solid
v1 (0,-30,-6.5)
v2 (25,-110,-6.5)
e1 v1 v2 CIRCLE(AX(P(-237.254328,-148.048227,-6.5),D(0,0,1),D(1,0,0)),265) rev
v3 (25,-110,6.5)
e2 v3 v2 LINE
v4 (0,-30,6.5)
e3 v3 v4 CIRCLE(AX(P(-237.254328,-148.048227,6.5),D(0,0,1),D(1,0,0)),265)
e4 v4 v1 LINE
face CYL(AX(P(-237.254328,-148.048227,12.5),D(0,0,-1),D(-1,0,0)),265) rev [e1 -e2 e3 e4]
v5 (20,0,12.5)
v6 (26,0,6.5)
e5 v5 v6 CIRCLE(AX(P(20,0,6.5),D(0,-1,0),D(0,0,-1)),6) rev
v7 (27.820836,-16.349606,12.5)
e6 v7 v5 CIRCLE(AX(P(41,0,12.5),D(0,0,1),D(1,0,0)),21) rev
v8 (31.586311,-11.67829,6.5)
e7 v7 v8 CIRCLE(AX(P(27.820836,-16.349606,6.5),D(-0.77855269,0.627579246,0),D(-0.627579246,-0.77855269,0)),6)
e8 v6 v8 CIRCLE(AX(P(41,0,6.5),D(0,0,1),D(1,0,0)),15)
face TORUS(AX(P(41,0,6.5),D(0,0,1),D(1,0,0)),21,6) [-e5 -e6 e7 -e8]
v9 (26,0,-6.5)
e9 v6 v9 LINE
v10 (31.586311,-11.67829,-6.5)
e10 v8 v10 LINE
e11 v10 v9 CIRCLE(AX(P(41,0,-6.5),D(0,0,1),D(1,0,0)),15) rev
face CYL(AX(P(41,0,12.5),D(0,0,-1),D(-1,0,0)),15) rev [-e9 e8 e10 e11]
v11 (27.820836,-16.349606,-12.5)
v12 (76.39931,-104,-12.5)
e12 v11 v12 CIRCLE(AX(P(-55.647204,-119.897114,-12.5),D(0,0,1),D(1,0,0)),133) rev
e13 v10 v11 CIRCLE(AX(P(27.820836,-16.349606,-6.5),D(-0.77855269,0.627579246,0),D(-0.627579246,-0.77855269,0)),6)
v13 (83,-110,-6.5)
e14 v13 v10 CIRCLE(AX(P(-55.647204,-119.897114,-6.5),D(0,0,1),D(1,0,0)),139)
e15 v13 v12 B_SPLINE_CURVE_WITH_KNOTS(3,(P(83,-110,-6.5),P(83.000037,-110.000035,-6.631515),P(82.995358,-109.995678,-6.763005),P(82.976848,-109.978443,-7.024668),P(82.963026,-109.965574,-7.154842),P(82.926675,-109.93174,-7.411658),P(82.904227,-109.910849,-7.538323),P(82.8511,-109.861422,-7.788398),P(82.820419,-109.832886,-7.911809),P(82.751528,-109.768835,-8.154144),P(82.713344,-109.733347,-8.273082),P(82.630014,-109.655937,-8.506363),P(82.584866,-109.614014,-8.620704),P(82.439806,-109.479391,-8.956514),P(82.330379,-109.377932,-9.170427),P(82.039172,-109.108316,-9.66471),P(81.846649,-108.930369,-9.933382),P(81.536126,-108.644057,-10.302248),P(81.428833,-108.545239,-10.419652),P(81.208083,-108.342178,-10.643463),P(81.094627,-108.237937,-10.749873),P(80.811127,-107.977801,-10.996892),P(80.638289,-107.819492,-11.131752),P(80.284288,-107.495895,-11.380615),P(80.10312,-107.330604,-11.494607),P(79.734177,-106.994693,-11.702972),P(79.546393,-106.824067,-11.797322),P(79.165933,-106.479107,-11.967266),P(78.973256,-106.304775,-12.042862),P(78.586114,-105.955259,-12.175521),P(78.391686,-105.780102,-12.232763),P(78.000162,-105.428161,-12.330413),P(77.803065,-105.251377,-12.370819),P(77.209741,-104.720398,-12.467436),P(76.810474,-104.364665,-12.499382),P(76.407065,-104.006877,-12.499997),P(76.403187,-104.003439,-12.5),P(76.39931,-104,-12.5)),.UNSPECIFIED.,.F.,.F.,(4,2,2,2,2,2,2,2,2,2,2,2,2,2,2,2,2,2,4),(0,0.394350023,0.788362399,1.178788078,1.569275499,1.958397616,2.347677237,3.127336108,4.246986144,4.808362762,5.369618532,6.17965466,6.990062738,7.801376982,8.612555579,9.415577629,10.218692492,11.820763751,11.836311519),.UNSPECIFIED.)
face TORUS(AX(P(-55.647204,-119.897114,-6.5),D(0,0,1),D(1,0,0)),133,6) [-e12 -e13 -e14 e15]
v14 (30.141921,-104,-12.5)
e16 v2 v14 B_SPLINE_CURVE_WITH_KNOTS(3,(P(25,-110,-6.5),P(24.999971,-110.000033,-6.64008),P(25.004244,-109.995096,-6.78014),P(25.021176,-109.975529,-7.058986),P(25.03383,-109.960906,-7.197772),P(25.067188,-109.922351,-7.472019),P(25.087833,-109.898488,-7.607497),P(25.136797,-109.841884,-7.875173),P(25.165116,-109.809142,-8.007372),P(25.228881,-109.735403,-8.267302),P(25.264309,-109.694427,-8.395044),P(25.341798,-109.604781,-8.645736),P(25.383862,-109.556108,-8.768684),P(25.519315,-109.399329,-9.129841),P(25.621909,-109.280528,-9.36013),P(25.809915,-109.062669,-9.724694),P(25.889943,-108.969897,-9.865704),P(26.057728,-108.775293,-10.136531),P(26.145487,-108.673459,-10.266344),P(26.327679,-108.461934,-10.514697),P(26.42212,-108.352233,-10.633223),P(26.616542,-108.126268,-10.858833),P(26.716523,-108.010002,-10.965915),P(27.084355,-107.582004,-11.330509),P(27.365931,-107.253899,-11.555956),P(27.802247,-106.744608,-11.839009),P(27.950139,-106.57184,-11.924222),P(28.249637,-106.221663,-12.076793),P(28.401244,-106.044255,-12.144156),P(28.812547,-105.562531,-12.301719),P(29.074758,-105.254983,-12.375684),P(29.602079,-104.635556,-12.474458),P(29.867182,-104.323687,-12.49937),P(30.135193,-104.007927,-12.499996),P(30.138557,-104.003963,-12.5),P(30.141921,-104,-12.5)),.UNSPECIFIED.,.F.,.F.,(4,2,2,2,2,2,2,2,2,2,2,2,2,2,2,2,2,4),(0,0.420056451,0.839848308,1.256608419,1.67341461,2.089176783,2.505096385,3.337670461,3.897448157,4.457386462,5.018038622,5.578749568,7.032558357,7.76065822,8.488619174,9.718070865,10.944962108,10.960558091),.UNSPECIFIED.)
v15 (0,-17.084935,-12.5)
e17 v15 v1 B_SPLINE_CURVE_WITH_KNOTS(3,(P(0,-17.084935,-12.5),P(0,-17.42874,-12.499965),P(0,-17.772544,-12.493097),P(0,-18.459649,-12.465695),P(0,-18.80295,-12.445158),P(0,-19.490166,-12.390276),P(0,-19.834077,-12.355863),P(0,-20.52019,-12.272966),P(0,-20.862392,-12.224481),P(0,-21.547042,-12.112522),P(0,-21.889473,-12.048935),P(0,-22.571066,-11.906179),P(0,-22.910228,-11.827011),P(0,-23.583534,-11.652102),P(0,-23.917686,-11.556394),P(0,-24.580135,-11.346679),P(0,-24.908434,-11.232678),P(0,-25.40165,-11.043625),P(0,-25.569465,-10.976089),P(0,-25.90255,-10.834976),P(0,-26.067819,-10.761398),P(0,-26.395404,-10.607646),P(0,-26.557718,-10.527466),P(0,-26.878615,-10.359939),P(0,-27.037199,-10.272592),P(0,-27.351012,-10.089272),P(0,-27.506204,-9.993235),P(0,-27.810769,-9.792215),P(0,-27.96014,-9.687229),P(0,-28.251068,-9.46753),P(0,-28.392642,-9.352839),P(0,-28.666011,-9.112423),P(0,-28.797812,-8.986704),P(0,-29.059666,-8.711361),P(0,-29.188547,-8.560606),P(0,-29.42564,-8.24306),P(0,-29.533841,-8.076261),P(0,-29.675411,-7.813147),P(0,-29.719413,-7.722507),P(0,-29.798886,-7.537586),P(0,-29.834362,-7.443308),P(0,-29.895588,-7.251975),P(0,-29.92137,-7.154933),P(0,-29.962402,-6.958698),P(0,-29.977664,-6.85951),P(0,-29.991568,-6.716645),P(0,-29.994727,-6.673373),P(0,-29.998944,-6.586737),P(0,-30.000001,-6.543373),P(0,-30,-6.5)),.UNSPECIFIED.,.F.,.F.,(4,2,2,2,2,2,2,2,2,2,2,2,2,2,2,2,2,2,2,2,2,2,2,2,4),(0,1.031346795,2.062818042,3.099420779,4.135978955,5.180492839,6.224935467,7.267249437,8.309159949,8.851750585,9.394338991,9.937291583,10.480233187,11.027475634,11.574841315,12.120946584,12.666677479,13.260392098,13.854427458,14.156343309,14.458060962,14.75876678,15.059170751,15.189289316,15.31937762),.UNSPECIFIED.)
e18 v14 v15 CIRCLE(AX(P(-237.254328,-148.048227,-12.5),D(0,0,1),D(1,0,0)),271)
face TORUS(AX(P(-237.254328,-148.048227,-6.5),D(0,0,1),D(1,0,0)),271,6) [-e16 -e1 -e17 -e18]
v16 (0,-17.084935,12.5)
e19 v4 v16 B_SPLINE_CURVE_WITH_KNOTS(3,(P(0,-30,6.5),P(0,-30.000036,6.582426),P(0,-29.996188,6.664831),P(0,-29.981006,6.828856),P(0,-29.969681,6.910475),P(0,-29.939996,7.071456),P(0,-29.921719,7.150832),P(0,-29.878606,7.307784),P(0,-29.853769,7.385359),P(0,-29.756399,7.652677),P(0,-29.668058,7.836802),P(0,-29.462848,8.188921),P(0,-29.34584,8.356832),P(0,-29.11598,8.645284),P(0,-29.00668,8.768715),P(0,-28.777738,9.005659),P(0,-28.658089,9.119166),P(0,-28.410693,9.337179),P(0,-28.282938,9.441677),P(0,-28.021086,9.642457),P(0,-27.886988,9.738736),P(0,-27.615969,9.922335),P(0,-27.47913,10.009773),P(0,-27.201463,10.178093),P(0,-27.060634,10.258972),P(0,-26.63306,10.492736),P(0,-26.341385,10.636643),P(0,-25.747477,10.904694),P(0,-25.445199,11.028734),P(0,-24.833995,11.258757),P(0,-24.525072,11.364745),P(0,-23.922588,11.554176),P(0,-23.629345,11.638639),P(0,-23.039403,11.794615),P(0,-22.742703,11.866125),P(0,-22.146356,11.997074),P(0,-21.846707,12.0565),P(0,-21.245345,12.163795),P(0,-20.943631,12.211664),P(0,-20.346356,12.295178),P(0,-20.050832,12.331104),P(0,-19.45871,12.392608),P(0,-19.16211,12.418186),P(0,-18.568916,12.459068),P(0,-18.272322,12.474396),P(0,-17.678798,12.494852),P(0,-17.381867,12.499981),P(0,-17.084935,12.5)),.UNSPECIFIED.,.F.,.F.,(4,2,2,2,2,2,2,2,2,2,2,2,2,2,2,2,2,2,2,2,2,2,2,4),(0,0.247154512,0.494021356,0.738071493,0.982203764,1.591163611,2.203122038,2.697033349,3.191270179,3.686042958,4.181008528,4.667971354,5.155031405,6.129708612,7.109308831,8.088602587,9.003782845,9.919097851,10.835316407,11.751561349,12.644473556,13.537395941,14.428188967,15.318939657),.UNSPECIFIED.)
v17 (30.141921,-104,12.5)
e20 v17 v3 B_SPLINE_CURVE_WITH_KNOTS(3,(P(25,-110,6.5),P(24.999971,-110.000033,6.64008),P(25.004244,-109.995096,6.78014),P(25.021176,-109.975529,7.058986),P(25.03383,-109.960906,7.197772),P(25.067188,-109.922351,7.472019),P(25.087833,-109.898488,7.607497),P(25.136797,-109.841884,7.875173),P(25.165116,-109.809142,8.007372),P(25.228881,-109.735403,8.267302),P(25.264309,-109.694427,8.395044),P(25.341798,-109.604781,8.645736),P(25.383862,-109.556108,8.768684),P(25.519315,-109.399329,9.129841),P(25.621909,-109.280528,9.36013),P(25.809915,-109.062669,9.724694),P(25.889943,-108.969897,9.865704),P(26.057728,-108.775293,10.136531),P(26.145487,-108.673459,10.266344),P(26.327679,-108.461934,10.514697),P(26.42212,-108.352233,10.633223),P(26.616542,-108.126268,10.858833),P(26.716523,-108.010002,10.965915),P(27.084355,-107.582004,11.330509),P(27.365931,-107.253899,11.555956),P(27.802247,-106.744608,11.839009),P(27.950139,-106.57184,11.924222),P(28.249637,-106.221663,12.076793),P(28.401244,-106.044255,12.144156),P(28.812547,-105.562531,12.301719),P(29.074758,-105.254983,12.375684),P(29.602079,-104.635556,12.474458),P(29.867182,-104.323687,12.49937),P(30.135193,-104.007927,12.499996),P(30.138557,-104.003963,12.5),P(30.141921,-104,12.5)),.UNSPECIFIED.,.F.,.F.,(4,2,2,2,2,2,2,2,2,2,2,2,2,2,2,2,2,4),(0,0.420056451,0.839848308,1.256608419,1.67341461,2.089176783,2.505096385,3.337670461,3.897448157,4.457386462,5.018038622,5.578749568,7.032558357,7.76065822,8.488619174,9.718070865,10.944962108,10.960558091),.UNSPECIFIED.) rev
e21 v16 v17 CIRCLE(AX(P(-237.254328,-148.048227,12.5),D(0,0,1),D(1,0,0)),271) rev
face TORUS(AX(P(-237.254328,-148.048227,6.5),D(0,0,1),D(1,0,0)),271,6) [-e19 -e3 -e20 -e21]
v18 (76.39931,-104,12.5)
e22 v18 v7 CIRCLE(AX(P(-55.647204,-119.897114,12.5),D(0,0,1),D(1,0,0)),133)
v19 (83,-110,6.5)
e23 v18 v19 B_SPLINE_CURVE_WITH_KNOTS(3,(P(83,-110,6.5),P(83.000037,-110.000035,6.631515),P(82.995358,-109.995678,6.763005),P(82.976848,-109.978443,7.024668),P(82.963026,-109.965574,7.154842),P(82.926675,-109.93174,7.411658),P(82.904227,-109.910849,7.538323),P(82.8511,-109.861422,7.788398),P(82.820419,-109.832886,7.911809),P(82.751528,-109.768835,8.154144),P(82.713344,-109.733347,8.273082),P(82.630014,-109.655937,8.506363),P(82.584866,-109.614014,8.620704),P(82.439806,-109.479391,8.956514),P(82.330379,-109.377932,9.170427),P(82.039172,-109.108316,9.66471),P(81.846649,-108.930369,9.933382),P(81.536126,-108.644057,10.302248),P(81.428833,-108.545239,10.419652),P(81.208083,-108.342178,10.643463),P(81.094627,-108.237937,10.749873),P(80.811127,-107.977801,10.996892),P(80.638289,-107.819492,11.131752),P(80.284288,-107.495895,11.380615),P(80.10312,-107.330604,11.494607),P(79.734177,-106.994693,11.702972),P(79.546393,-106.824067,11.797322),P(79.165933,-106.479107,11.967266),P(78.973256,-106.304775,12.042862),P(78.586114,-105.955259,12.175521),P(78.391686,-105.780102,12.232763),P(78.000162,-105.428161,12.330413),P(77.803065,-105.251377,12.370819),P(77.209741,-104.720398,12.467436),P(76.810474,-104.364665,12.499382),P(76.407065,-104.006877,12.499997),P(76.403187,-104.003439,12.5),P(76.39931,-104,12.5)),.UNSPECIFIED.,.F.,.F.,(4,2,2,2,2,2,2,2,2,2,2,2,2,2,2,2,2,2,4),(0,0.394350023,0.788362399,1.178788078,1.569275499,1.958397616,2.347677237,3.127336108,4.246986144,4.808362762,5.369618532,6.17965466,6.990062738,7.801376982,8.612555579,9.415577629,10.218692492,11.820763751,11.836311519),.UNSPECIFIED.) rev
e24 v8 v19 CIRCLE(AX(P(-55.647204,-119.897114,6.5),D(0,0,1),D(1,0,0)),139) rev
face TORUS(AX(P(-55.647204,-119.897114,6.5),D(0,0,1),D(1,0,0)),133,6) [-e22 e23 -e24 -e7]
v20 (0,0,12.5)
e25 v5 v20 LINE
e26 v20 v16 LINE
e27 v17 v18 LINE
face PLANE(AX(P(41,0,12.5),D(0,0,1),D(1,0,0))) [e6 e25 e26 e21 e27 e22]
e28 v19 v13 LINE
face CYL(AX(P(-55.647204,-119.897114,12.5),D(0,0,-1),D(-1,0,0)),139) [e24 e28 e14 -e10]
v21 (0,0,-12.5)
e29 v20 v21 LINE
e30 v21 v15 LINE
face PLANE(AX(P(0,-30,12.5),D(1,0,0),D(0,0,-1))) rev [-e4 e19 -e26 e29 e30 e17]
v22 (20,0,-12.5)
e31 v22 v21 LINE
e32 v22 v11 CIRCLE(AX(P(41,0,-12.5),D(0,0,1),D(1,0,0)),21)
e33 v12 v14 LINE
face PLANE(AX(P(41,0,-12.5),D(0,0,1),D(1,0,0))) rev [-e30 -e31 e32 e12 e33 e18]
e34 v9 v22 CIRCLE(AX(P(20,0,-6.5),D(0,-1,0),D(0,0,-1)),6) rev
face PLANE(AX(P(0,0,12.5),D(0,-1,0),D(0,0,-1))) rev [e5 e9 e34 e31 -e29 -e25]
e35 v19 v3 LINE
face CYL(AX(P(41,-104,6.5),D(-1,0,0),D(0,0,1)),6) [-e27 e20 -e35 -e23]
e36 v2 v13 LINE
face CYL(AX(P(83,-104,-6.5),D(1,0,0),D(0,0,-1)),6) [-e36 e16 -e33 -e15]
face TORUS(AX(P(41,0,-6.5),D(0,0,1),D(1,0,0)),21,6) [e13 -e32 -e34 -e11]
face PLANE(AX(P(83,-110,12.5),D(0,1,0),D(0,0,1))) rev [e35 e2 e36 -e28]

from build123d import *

# Parameters (mm, degrees)
EXTRUDE_1_DEPTH = 12.5
FILLET_1_R      = 6


with BuildPart() as part:
    # 草图1 → 凸台-拉伸1 (new, symmetric)
    with BuildSketch(Plane.XY):
        with BuildLine():
            Line((0, 0), (26, 0))
            ThreePointArc((26, 0), (27.468456661, -6.472815065), (31.586311315, -11.678290343))
            ThreePointArc((31.586311315, -11.678290343), (67.528745318, -55.48682347), (83, -110))
            Line((83, -110), (25, -110))
            ThreePointArc((25, -110), (15.68286649, -69.005354222), (0, -30))
            Line((0, -30), (0, 0))
        make_face()
    extrude(amount=EXTRUDE_1_DEPTH, both=True)

    # 圆角1
    fillet_1_edges = [part.edges().sort_by_distance(p)[0] for p in [
        (54, -110, 12.5),
        (67.528745318, -55.48682347, 12.5),
        (27.468456661, -6.472815065, 12.5),
        (27.468456661, -6.472815065, -12.5),
        (67.528745318, -55.48682347, -12.5),
        (54, -110, -12.5),
        (15.68286649, -69.005354222, -12.5),
        (15.68286649, -69.005354222, 12.5),
    ]]
    fillet(fillet_1_edges, radius=FILLET_1_R)


solid = part.part
